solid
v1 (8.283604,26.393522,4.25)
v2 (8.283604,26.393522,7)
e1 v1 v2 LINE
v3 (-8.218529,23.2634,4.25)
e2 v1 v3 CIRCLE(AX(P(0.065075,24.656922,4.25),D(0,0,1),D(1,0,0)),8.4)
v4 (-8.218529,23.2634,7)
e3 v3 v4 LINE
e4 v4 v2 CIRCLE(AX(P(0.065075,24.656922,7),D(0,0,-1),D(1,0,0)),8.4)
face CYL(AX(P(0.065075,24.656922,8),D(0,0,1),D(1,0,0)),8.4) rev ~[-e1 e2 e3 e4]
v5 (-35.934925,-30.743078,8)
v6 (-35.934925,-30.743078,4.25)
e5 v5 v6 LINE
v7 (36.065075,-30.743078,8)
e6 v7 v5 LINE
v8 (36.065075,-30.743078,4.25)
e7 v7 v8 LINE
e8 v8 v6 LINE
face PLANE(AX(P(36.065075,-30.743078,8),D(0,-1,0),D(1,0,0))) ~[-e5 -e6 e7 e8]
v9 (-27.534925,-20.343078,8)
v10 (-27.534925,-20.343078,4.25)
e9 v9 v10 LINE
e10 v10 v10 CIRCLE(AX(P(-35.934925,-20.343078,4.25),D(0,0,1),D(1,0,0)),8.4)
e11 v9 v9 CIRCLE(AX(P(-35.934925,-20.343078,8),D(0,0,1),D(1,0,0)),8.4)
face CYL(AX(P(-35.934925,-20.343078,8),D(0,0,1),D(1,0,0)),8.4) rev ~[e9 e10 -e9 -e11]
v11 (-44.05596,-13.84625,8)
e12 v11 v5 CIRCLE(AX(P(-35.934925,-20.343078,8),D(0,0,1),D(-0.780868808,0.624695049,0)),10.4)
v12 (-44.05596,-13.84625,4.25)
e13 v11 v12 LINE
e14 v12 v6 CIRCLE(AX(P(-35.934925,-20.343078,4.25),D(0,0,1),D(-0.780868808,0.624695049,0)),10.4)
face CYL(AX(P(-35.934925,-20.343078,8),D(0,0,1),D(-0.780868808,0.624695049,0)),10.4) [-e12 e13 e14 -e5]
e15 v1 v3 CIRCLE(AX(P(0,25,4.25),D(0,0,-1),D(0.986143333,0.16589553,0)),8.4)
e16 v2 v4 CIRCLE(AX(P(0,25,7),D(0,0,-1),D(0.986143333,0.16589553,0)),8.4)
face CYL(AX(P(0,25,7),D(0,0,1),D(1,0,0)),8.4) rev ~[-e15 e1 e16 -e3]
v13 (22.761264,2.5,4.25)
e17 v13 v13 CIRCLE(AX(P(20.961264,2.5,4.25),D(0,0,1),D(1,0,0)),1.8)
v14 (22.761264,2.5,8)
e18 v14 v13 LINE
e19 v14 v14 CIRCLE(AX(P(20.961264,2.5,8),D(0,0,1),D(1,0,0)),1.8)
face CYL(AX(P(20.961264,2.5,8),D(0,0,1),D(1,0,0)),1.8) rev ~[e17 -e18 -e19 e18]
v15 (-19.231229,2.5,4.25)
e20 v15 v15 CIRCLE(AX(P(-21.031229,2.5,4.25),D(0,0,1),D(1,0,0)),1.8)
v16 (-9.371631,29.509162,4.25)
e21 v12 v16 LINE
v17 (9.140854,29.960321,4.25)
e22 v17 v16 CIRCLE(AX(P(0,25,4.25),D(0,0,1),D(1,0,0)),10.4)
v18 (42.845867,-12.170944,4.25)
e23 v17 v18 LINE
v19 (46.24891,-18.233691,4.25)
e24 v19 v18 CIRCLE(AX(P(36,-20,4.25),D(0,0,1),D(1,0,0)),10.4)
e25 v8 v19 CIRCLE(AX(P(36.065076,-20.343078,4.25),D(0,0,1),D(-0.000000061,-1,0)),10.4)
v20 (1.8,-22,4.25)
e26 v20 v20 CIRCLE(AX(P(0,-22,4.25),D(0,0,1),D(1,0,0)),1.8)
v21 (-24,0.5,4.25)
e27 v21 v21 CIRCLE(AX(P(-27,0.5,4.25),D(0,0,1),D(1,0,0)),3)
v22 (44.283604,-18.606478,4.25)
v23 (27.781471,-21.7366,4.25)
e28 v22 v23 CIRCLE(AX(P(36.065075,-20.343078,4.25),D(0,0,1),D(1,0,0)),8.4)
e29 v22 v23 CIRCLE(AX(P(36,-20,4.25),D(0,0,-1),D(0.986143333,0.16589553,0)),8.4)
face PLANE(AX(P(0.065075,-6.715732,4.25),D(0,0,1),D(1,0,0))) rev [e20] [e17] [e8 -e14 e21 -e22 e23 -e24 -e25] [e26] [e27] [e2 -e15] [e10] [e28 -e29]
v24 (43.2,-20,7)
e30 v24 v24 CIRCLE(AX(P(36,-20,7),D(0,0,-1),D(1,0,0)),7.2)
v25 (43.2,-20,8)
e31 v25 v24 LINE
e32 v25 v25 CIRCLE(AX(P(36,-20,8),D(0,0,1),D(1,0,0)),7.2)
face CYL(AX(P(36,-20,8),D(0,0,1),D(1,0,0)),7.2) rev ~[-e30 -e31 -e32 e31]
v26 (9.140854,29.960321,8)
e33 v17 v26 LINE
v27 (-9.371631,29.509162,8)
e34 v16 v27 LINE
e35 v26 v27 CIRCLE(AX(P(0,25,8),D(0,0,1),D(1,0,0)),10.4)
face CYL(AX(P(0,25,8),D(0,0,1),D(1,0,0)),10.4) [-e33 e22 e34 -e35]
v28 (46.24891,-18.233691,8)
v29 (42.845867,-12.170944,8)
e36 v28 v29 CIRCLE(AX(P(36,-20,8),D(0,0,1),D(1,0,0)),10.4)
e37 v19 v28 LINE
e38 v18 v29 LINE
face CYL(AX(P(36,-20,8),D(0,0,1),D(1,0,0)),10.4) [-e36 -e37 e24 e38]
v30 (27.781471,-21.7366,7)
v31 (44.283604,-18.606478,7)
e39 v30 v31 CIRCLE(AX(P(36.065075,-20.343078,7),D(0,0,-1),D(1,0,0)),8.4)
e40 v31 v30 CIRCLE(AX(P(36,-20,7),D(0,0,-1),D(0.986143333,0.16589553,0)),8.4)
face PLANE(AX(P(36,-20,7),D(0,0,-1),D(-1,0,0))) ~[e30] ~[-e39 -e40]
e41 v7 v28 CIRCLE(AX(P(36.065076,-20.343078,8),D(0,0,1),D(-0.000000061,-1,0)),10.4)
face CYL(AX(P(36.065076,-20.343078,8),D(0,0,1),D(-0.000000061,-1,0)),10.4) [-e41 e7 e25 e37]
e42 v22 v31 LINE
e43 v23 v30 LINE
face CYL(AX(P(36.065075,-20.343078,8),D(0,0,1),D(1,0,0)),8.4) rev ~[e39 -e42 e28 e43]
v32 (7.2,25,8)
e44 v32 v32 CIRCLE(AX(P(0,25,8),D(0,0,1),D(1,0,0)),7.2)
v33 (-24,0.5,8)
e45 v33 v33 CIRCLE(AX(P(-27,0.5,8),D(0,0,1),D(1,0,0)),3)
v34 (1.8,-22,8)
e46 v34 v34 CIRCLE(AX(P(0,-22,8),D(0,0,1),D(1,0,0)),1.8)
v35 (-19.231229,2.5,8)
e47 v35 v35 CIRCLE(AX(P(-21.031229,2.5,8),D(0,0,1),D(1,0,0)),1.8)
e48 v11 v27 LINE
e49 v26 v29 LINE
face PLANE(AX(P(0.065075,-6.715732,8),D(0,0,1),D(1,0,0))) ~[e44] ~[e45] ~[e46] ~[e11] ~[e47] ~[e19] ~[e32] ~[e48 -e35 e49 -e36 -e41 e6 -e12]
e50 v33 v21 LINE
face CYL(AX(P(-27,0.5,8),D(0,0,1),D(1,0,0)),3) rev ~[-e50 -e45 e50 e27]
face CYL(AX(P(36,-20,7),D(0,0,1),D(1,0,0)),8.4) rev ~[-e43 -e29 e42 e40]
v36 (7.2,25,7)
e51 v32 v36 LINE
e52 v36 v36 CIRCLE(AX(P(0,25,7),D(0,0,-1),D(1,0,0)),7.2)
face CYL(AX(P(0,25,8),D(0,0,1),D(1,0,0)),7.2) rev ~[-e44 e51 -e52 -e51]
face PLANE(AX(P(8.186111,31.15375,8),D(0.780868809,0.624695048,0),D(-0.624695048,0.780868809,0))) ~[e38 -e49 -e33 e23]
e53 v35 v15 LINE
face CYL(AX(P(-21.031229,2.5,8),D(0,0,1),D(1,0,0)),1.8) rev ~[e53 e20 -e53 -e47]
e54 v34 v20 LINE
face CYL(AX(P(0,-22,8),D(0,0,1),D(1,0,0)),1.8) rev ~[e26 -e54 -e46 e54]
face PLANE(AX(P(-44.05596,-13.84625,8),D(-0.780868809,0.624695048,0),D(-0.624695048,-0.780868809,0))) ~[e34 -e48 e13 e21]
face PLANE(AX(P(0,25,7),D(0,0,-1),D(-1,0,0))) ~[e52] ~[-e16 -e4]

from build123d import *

# Parameters (mm, degrees)
CYLINDER001_R     = 8.4
CYLINDER001_DEPTH = 5.5
CYLINDER004_R     = 7.2
CYLINDER004_DEPTH = 6.5
CYLINDER003_R     = 10.4
CYLINDER003_DEPTH = 1
CYLINDER002_R     = 10.4
CYLINDER002_DEPTH = 2.75
SKETCH_R          = 8.4
SKETCH_R_2        = 1.8
SKETCH_R_3        = 3
PAD012_DEPTH      = 3.75


with BuildPart() as bearing_holder_extract:
    # Cylinder001 → Cylinder001 (new body)
    with BuildSketch(Plane.XY):
        Circle(CYLINDER001_R)
    extrude(amount=CYLINDER001_DEPTH)


with BuildPart() as bearing_holder_extract_fusion:
    # Cylinder004 → Cylinder004 (new body)
    with BuildSketch(Plane.XY.offset(-1)):
        Circle(CYLINDER004_R)
    extrude(amount=CYLINDER004_DEPTH)

    # Fusion001: union bearing holder extract
    add(bearing_holder_extract.part)


with BuildPart() as bearing_holder_disk:
    # Cylinder003 → Cylinder003 (new body)
    with BuildSketch(Plane.XY.offset(-1)):
        Circle(CYLINDER003_R)
    extrude(amount=CYLINDER003_DEPTH)


with BuildPart() as bearing_holder_body:
    # Cylinder002 → Cylinder002 (new body)
    with BuildSketch(Plane.XY):
        Circle(CYLINDER002_R)
    extrude(amount=CYLINDER002_DEPTH)

    # Fusion002: union bearing holder disk
    add(bearing_holder_disk.part)

    # Cut003: cut bearing holder extract fusion
    add(bearing_holder_extract_fusion.part, mode=Mode.SUBTRACT)


with BuildPart() as bearing_holder_body_1:
    # Cut003 placement: moved
    add(bearing_holder_body.part.moved(Location((0, 0, 1))))


with BuildPart() as bearing_holder_body_clone003:
    # Body012 base: copy of bearing holder body
    add(bearing_holder_body_1.part)


with BuildPart() as bearing_holder_body_clone003_1:
    # Body012 placement: moved
    add(bearing_holder_body_clone003.part.moved(Location((0, 25, 0))))


with BuildPart() as base_bearing_body:
    # Sketch → Pad012 (new body)
    with BuildSketch(Plane.XY):
        with BuildLine():
            Line((-44.05596, -13.84625), (-8.05596, 31.15375))
            ThreePointArc((8.186111, 31.15375), (0.065075, 35.056922), (-8.05596, 31.15375))
            Line((8.186111, 31.15375), (44.186111, -13.84625))
            ThreePointArc((36.065075, -30.743078), (45.438629, -24.848241), (44.186111, -13.84625))
            Line((36.065075, -30.743078), (-35.934925, -30.743078))
            ThreePointArc((-44.05596, -13.84625), (-45.308478, -24.848241), (-35.934925, -30.743078))
        make_face()
        with Locations((-35.934925, -20.343078)):
            Circle(SKETCH_R, mode=Mode.SUBTRACT)
        with Locations((0.065075, 24.656922)):
            Circle(SKETCH_R, mode=Mode.SUBTRACT)
        with Locations((36.065075, -20.343078)):
            Circle(SKETCH_R, mode=Mode.SUBTRACT)
        with Locations((-21.031229, 2.5)):
            Circle(SKETCH_R_2, mode=Mode.SUBTRACT)
        with Locations((20.961264, 2.5)):
            Circle(SKETCH_R_2, mode=Mode.SUBTRACT)
        with Locations((0, -22)):
            Circle(SKETCH_R_2, mode=Mode.SUBTRACT)
        with Locations((-27, 0.5)):
            Circle(SKETCH_R_3, mode=Mode.SUBTRACT)
    extrude(amount=PAD012_DEPTH)


with BuildPart() as base_bearing_fusion:
    # Body013 base: copy of bearing holder body
    add(bearing_holder_body_1.part)


with BuildPart() as base_bearing_fusion_1:
    # Body013 placement: moved
    add(base_bearing_fusion.part.moved(Location((36, -20, 0))))

    # Fusion004: union bearing holder body clone003, base bearing body
    add(bearing_holder_body_clone003_1.part)
    add(base_bearing_body.part)


with BuildPart() as part_mirroring:
    # Part__Mirroring: instance of base bearing fusion
    add(base_bearing_fusion_1.part.mirror(Plane(origin=(0, 0, 0), x_dir=(0, 1, 0), z_dir=(0, 0, 1))))


with BuildPart() as part_mirroring_1:
    # Part__Mirroring placement: moved
    add(part_mirroring.part.moved(Location((0, 0, 8))))


solid = part_mirroring_1.part
